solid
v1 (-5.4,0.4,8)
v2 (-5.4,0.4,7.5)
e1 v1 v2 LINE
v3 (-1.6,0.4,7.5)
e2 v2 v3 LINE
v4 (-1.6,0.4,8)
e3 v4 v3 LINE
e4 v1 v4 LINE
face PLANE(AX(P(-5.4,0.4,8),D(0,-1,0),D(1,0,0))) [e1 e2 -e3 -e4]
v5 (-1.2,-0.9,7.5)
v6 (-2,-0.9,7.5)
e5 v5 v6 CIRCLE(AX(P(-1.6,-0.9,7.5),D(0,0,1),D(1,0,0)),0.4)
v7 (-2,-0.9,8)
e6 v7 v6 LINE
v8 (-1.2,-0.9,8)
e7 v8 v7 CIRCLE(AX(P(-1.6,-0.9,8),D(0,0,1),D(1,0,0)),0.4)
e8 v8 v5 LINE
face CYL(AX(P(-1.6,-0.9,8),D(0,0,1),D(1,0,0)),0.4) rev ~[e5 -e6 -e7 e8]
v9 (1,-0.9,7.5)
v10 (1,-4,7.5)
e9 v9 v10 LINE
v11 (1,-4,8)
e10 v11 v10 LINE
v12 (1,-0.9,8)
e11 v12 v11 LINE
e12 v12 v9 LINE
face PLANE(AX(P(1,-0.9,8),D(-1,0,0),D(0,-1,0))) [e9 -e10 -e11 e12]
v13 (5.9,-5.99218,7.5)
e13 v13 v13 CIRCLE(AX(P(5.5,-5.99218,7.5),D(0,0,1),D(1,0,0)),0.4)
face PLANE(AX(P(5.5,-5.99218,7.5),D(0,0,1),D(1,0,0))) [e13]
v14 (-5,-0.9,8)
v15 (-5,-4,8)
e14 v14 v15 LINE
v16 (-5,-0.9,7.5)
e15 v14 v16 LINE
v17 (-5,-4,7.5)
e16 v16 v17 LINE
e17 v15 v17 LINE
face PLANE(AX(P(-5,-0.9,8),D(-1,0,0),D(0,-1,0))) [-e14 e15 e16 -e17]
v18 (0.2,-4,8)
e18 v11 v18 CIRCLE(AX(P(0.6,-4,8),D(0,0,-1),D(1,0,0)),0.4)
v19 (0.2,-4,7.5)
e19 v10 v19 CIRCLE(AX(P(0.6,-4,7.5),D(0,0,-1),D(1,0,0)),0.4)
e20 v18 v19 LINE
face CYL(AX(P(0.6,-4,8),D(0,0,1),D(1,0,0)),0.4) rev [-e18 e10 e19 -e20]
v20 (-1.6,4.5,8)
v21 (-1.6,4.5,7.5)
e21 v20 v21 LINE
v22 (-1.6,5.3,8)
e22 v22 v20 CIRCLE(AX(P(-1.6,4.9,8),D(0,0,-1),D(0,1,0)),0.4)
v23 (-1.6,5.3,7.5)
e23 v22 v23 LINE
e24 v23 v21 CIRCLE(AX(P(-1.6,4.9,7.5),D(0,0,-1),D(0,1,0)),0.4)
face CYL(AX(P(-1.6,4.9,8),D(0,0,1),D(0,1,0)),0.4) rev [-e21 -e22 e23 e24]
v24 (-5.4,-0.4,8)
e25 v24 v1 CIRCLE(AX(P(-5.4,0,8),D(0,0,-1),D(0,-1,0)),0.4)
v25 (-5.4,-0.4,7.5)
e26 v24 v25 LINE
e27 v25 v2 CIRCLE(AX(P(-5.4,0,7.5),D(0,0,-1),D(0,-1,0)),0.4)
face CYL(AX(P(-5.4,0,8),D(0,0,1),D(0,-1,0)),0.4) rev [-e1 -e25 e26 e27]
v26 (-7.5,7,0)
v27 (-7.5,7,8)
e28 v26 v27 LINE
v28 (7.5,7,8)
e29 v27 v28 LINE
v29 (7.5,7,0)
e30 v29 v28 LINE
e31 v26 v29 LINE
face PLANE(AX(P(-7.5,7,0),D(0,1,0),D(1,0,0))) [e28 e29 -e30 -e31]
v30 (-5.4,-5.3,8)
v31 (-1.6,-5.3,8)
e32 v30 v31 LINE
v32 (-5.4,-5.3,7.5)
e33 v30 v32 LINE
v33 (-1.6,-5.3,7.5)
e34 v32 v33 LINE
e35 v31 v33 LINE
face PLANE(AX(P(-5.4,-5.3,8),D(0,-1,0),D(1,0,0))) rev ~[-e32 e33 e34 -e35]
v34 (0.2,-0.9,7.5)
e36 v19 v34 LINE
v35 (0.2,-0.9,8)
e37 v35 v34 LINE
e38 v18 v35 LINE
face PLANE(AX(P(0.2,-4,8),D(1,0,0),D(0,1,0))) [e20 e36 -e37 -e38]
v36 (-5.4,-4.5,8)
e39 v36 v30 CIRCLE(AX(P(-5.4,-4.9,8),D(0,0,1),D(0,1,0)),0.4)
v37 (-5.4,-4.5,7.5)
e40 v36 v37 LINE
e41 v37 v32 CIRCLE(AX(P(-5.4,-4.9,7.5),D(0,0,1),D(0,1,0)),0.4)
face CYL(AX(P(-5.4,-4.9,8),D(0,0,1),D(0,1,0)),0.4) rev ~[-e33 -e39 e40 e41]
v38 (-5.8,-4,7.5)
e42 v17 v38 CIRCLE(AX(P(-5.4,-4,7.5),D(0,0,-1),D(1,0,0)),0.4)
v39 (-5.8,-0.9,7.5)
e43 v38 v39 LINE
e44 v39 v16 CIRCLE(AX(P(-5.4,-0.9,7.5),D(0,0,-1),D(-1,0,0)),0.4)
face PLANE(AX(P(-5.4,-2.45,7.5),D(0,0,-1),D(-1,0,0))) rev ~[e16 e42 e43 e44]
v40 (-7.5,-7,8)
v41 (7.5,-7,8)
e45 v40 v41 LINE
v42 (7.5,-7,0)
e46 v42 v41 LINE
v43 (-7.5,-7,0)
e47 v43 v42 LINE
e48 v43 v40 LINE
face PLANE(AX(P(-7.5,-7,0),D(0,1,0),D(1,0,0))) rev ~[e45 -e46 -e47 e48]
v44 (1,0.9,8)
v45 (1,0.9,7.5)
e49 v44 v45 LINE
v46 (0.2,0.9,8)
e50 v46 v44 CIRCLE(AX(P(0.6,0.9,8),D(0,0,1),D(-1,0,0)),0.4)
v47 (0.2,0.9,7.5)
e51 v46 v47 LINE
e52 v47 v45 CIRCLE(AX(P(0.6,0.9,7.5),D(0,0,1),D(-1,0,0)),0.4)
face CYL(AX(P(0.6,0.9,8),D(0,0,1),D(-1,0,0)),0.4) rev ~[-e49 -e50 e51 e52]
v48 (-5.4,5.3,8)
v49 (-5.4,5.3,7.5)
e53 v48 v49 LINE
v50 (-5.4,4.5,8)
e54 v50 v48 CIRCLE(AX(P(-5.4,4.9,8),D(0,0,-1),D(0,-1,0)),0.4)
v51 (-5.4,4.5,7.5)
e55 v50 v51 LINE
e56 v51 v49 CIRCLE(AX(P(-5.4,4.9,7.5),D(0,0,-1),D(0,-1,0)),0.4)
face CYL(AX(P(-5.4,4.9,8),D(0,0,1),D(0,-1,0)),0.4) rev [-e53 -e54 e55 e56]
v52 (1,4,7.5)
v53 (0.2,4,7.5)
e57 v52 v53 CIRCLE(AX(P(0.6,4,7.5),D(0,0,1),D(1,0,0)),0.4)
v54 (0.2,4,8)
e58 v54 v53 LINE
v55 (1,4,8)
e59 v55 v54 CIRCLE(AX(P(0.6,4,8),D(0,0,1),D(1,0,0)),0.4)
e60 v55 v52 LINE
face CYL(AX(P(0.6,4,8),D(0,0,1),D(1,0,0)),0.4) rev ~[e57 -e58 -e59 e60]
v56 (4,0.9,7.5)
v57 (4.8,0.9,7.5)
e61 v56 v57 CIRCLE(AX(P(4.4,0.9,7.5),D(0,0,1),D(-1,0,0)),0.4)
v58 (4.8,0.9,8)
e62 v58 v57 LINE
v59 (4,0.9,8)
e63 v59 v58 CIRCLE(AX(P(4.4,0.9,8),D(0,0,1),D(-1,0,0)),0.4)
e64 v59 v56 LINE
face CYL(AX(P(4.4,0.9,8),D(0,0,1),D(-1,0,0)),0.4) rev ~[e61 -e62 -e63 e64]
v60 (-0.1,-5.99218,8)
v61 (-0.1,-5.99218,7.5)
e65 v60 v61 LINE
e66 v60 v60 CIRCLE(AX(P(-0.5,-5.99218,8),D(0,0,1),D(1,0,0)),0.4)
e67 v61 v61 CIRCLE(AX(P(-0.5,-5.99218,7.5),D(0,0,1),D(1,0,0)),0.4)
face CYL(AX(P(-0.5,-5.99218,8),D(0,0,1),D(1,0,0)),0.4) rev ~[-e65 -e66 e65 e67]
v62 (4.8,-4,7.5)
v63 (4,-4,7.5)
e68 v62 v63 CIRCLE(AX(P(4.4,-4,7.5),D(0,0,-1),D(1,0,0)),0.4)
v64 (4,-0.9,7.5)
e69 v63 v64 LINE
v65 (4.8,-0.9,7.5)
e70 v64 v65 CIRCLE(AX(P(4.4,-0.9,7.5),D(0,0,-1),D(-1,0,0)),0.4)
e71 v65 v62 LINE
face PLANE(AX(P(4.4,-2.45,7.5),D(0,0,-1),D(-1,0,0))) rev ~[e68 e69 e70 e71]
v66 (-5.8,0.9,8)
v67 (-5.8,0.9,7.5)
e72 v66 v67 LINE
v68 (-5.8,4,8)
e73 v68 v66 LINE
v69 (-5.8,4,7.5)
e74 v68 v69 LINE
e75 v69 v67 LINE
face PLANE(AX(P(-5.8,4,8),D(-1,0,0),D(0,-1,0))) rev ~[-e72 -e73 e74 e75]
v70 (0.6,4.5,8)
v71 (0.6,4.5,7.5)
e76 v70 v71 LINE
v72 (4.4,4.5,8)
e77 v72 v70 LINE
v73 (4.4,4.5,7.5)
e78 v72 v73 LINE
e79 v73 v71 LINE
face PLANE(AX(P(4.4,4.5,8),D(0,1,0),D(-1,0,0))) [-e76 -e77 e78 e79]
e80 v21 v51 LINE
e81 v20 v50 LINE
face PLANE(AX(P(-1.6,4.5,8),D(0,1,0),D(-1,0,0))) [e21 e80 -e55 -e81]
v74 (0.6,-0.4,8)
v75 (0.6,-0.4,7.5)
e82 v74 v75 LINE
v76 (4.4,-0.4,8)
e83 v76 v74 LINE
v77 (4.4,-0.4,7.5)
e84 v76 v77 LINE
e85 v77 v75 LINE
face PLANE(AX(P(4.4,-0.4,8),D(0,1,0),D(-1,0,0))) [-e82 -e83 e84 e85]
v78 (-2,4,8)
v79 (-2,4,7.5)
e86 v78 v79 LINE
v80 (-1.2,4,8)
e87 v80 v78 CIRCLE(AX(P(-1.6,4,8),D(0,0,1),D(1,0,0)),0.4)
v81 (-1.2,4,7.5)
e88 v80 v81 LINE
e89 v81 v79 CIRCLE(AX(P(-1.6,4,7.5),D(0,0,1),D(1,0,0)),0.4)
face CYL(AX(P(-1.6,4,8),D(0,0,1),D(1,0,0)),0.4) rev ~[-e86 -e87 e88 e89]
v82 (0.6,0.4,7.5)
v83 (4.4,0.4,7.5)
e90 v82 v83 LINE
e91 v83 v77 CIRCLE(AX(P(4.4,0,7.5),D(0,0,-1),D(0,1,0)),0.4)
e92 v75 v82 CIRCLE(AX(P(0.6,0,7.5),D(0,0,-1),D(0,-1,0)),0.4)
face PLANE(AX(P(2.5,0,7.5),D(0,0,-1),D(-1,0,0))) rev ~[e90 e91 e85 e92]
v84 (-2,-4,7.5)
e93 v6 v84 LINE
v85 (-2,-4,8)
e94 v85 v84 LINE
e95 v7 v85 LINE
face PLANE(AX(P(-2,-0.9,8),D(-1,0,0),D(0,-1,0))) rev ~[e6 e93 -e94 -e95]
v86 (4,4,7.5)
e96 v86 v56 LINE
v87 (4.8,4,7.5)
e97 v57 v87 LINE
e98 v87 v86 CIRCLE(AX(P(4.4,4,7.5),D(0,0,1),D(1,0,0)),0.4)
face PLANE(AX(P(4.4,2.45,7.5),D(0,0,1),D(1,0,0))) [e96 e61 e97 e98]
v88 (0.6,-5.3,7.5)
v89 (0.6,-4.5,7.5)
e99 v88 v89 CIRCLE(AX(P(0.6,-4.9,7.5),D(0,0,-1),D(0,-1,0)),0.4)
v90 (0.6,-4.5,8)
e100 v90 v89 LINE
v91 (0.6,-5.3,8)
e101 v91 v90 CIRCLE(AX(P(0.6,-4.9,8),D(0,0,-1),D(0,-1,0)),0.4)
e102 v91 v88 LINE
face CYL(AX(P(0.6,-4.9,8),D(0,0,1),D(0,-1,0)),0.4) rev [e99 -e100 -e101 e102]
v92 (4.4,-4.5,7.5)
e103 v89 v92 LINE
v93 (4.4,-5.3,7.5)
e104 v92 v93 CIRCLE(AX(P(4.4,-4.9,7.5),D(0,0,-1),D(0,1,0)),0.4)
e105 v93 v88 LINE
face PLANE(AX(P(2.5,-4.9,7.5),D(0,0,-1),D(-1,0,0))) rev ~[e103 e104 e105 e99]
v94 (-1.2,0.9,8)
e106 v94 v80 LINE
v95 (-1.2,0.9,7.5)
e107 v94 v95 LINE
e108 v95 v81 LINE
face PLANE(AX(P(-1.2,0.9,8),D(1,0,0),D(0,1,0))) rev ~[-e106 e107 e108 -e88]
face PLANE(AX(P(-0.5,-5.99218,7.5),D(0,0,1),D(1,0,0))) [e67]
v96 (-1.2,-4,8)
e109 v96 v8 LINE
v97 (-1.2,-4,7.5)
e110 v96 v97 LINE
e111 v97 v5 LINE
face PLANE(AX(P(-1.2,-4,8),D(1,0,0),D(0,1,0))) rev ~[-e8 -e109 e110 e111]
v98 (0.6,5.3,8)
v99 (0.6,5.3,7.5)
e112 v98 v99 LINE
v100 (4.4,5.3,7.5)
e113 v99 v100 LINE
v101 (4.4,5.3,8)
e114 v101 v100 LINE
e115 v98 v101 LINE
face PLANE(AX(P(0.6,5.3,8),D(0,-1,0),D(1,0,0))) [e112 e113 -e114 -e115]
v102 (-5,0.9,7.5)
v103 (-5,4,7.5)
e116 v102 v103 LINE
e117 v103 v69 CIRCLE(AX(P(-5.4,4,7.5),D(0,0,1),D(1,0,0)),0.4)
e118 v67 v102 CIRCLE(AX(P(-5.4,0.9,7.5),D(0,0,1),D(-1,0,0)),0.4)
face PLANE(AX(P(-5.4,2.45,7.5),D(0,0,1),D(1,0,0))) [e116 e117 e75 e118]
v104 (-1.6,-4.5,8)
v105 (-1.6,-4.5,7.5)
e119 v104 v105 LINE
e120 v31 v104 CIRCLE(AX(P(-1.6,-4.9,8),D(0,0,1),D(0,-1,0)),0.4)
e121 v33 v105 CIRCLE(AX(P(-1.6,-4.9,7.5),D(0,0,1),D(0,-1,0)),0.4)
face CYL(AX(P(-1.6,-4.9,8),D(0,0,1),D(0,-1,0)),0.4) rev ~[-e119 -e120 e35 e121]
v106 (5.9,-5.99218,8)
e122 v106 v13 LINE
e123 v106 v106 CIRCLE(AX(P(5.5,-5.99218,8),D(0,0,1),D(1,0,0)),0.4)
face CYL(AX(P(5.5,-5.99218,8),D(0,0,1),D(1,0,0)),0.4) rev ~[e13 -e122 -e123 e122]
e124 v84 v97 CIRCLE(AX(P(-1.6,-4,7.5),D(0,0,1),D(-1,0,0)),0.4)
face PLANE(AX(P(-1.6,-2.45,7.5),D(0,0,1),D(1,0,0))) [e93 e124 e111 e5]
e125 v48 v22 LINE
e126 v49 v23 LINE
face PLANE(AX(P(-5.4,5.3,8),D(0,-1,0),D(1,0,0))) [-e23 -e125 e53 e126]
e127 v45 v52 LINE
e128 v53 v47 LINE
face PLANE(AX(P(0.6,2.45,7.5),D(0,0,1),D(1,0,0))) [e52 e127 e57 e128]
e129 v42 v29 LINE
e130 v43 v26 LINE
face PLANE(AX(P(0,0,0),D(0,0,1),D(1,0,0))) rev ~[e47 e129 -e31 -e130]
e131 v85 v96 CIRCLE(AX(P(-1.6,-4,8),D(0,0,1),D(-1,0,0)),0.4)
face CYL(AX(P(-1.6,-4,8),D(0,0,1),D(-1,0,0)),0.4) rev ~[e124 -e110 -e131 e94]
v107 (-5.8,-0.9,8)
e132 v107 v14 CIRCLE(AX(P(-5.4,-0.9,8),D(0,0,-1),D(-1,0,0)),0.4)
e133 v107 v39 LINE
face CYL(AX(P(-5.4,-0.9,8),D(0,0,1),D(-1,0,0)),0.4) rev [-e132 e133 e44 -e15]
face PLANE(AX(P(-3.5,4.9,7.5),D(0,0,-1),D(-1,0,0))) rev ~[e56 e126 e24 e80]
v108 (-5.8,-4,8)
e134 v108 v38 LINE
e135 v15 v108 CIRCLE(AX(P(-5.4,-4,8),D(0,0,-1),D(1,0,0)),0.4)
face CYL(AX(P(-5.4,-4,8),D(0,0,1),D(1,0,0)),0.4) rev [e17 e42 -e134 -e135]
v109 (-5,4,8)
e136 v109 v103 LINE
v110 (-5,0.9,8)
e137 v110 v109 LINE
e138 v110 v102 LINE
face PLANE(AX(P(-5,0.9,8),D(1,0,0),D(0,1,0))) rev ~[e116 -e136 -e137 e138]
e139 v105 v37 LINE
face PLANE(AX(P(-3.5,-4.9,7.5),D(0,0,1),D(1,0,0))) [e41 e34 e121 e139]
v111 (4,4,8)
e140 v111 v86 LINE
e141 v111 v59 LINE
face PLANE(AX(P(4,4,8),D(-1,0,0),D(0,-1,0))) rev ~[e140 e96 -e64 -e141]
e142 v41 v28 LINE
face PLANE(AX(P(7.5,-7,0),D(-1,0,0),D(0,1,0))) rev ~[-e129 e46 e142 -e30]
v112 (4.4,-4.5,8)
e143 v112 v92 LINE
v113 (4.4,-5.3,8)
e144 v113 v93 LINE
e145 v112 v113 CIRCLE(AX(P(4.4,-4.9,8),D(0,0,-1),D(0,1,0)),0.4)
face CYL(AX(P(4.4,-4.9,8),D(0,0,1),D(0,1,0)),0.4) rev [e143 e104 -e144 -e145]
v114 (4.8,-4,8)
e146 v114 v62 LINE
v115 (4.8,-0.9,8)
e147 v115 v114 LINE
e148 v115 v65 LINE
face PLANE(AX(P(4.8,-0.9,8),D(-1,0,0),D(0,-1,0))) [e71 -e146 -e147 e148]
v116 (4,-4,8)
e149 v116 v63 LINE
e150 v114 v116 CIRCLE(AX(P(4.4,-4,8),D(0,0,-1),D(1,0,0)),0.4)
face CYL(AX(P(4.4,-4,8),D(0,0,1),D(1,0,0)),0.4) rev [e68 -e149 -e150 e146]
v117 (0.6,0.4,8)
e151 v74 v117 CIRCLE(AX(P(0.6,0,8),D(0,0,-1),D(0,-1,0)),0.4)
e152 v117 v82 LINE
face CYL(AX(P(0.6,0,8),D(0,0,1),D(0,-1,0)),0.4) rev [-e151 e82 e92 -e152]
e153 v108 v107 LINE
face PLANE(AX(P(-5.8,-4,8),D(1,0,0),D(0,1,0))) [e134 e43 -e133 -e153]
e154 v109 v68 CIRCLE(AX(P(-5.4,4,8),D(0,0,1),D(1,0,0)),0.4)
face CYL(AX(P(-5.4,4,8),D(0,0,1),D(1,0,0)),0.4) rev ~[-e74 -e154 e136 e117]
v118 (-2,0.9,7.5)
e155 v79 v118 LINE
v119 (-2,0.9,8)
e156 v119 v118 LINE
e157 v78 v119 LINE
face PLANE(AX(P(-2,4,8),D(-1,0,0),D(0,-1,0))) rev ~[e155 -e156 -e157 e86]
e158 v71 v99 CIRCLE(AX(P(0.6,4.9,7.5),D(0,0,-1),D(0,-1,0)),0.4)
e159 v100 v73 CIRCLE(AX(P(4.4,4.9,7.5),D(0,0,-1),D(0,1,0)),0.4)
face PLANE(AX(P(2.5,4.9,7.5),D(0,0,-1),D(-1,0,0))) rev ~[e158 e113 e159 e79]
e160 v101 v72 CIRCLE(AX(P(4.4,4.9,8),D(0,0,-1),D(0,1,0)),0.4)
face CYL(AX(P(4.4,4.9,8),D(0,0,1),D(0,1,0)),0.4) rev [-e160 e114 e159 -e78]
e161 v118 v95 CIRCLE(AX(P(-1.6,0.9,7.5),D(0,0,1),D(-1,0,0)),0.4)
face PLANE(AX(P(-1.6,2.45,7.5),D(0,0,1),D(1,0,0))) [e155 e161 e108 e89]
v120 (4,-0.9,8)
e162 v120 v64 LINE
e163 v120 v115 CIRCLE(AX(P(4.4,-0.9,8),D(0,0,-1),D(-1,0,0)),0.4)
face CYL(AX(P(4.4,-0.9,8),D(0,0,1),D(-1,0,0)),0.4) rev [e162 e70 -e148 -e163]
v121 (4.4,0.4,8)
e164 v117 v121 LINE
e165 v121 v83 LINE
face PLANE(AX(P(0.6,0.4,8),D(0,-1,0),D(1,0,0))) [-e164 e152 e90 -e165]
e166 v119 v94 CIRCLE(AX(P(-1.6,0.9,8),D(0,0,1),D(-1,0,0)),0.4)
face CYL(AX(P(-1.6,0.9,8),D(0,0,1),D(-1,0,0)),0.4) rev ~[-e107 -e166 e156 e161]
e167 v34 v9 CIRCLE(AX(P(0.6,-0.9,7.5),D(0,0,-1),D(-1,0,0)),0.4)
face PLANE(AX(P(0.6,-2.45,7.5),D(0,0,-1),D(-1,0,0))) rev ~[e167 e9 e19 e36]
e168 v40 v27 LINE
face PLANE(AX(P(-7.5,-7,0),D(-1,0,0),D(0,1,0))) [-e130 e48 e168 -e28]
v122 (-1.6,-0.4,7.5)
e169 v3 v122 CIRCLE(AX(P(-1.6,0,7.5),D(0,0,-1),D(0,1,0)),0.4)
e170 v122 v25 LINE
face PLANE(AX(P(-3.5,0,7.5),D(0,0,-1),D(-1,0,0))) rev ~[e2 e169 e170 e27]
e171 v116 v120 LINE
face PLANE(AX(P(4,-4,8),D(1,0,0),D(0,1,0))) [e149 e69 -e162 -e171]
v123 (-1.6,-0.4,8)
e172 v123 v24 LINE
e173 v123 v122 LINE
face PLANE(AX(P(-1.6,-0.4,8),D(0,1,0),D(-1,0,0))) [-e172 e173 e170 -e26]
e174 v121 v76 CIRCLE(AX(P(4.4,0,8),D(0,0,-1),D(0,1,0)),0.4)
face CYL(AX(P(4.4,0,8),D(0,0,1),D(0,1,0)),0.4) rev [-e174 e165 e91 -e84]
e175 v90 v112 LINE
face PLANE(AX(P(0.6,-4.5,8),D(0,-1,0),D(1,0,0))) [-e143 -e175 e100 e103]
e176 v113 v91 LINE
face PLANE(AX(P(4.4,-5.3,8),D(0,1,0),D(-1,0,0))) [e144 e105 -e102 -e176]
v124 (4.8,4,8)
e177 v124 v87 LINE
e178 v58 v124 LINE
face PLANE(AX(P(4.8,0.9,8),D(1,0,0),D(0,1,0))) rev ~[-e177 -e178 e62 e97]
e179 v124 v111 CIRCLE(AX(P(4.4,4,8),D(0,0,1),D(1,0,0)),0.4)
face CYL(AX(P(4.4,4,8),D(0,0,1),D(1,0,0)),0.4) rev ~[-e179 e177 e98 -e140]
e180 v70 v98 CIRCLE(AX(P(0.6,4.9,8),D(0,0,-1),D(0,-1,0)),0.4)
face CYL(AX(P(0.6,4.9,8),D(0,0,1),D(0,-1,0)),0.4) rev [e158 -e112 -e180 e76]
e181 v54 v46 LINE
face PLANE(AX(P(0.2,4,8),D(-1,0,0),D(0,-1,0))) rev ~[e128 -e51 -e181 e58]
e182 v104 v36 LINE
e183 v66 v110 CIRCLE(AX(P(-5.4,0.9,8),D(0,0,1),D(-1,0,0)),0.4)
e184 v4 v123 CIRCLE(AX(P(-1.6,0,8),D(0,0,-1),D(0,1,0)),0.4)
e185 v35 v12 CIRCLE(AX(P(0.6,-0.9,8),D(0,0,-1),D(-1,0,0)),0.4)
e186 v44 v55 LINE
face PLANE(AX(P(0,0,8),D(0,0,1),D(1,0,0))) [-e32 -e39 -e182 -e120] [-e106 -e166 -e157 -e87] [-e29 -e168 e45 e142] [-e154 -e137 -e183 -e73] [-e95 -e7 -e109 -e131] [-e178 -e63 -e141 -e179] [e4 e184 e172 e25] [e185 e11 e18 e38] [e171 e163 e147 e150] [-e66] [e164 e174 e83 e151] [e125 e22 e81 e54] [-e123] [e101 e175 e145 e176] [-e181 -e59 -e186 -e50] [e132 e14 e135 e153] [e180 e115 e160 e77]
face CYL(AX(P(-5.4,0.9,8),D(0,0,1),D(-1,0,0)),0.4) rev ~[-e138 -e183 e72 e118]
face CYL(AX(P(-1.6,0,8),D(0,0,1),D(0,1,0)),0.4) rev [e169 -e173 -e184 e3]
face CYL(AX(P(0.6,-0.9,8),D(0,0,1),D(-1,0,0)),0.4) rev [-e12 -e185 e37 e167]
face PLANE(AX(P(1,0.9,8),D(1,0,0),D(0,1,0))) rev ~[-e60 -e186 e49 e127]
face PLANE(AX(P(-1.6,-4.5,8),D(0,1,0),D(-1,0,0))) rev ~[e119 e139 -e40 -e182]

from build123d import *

# Parameters (mm, degrees)
SKETCH_1_W          = 15
SKETCH_1_H          = 14
EXTRUDE_1_DEPTH     = 8
SKETCH_2_R          = 0.4
CUT_EXTRUDE_1_DEPTH = 0.5


with BuildPart() as part:
    # 草图1 → 凸台-拉伸1 (new body)
    with BuildSketch(Plane.XY):
        Rectangle(SKETCH_1_W, SKETCH_1_H)
    extrude(amount=EXTRUDE_1_DEPTH)

    # 草图2 → 切除-拉伸1 (cut)
    with BuildSketch(Plane.XY.offset(8)):
        with Locations((-0.5, -5.99218047)):
            Circle(SKETCH_2_R)
        with Locations((5.5, -5.99218047)):
            Circle(SKETCH_2_R)
        with BuildLine():
            Line((-5.4, 5.3), (-1.6, 5.3))
            ThreePointArc((-1.6, 5.3), (-1.2, 4.9), (-1.6, 4.5))
            Line((-1.6, 4.5), (-5.4, 4.5))
            ThreePointArc((-5.4, 4.5), (-5.8, 4.9), (-5.4, 5.3))
        make_face()
        with BuildLine():
            Line((-5.4, -5.3), (-1.6, -5.3))
            ThreePointArc((-1.6, -5.3), (-1.2, -4.9), (-1.6, -4.5))
            Line((-1.6, -4.5), (-5.4, -4.5))
            ThreePointArc((-5.4, -4.5), (-5.8, -4.9), (-5.4, -5.3))
        make_face()
        with BuildLine():
            Line((-5.8, 4), (-5.8, 0.9))
            ThreePointArc((-5.8, 0.9), (-5.4, 0.5), (-5, 0.9))
            Line((-5, 0.9), (-5, 4))
            ThreePointArc((-5, 4), (-5.4, 4.4), (-5.8, 4))
        make_face()
        with BuildLine():
            Line((-2, 4), (-2, 0.9))
            ThreePointArc((-2, 0.9), (-1.6, 0.5), (-1.2, 0.9))
            Line((-1.2, 0.9), (-1.2, 4))
            ThreePointArc((-1.2, 4), (-1.6, 4.4), (-2, 4))
        make_face()
        with BuildLine():
            Line((-1.2, -4), (-1.2, -0.9))
            ThreePointArc((-1.2, -0.9), (-1.6, -0.5), (-2, -0.9))
            Line((-2, -0.9), (-2, -4))
            ThreePointArc((-2, -4), (-1.6, -4.4), (-1.2, -4))
        make_face()
        with BuildLine():
            Line((-5.8, -4), (-5.8, -0.9))
            ThreePointArc((-5.8, -0.9), (-5.4, -0.5), (-5, -0.9))
            Line((-5, -0.9), (-5, -4))
            ThreePointArc((-5, -4), (-5.4, -4.4), (-5.8, -4))
        make_face()
        with BuildLine():
            Line((-5.4, 0.4), (-1.6, 0.4))
            ThreePointArc((-1.6, 0.4), (-1.2, 0), (-1.6, -0.4))
            Line((-1.6, -0.4), (-5.4, -0.4))
            ThreePointArc((-5.4, -0.4), (-5.8, 0), (-5.4, 0.4))
        make_face()
        with BuildLine():
            Line((4.4, -5.3), (0.6, -5.3))
            ThreePointArc((0.6, -5.3), (0.2, -4.9), (0.6, -4.5))
            Line((0.6, -4.5), (4.4, -4.5))
            ThreePointArc((4.4, -4.5), (4.8, -4.9), (4.4, -5.3))
        make_face()
        with BuildLine():
            Line((0.2, -4), (0.2, -0.9))
            ThreePointArc((0.2, -0.9), (0.6, -0.5), (1, -0.9))
            Line((1, -0.9), (1, -4))
            ThreePointArc((1, -4), (0.6, -4.4), (0.2, -4))
        make_face()
        with BuildLine():
            Line((4, -4), (4, -0.9))
            ThreePointArc((4, -0.9), (4.4, -0.5), (4.8, -0.9))
            Line((4.8, -0.9), (4.8, -4))
            ThreePointArc((4.8, -4), (4.4, -4.4), (4, -4))
        make_face()
        with BuildLine():
            Line((4.4, -0.4), (0.6, -0.4))
            ThreePointArc((0.6, -0.4), (0.2, 0), (0.6, 0.4))
            Line((0.6, 0.4), (4.4, 0.4))
            ThreePointArc((4.4, 0.4), (4.8, 0), (4.4, -0.4))
        make_face()
        with BuildLine():
            Line((0.2, 4), (0.2, 0.9))
            ThreePointArc((0.2, 0.9), (0.6, 0.5), (1, 0.9))
            Line((1, 0.9), (1, 4))
            ThreePointArc((1, 4), (0.6, 4.4), (0.2, 4))
        make_face()
        with BuildLine():
            Line((4.4, 4.5), (0.6, 4.5))
            ThreePointArc((0.6, 4.5), (0.2, 4.9), (0.6, 5.3))
            Line((0.6, 5.3), (4.4, 5.3))
            ThreePointArc((4.4, 5.3), (4.8, 4.9), (4.4, 4.5))
        make_face()
        with BuildLine():
            Line((4, 4), (4, 0.9))
            ThreePointArc((4, 0.9), (4.4, 0.5), (4.8, 0.9))
            Line((4.8, 0.9), (4.8, 4))
            ThreePointArc((4.8, 4), (4.4, 4.4), (4, 4))
        make_face()
    extrude(amount=-CUT_EXTRUDE_1_DEPTH, mode=Mode.SUBTRACT)


solid = part.part
